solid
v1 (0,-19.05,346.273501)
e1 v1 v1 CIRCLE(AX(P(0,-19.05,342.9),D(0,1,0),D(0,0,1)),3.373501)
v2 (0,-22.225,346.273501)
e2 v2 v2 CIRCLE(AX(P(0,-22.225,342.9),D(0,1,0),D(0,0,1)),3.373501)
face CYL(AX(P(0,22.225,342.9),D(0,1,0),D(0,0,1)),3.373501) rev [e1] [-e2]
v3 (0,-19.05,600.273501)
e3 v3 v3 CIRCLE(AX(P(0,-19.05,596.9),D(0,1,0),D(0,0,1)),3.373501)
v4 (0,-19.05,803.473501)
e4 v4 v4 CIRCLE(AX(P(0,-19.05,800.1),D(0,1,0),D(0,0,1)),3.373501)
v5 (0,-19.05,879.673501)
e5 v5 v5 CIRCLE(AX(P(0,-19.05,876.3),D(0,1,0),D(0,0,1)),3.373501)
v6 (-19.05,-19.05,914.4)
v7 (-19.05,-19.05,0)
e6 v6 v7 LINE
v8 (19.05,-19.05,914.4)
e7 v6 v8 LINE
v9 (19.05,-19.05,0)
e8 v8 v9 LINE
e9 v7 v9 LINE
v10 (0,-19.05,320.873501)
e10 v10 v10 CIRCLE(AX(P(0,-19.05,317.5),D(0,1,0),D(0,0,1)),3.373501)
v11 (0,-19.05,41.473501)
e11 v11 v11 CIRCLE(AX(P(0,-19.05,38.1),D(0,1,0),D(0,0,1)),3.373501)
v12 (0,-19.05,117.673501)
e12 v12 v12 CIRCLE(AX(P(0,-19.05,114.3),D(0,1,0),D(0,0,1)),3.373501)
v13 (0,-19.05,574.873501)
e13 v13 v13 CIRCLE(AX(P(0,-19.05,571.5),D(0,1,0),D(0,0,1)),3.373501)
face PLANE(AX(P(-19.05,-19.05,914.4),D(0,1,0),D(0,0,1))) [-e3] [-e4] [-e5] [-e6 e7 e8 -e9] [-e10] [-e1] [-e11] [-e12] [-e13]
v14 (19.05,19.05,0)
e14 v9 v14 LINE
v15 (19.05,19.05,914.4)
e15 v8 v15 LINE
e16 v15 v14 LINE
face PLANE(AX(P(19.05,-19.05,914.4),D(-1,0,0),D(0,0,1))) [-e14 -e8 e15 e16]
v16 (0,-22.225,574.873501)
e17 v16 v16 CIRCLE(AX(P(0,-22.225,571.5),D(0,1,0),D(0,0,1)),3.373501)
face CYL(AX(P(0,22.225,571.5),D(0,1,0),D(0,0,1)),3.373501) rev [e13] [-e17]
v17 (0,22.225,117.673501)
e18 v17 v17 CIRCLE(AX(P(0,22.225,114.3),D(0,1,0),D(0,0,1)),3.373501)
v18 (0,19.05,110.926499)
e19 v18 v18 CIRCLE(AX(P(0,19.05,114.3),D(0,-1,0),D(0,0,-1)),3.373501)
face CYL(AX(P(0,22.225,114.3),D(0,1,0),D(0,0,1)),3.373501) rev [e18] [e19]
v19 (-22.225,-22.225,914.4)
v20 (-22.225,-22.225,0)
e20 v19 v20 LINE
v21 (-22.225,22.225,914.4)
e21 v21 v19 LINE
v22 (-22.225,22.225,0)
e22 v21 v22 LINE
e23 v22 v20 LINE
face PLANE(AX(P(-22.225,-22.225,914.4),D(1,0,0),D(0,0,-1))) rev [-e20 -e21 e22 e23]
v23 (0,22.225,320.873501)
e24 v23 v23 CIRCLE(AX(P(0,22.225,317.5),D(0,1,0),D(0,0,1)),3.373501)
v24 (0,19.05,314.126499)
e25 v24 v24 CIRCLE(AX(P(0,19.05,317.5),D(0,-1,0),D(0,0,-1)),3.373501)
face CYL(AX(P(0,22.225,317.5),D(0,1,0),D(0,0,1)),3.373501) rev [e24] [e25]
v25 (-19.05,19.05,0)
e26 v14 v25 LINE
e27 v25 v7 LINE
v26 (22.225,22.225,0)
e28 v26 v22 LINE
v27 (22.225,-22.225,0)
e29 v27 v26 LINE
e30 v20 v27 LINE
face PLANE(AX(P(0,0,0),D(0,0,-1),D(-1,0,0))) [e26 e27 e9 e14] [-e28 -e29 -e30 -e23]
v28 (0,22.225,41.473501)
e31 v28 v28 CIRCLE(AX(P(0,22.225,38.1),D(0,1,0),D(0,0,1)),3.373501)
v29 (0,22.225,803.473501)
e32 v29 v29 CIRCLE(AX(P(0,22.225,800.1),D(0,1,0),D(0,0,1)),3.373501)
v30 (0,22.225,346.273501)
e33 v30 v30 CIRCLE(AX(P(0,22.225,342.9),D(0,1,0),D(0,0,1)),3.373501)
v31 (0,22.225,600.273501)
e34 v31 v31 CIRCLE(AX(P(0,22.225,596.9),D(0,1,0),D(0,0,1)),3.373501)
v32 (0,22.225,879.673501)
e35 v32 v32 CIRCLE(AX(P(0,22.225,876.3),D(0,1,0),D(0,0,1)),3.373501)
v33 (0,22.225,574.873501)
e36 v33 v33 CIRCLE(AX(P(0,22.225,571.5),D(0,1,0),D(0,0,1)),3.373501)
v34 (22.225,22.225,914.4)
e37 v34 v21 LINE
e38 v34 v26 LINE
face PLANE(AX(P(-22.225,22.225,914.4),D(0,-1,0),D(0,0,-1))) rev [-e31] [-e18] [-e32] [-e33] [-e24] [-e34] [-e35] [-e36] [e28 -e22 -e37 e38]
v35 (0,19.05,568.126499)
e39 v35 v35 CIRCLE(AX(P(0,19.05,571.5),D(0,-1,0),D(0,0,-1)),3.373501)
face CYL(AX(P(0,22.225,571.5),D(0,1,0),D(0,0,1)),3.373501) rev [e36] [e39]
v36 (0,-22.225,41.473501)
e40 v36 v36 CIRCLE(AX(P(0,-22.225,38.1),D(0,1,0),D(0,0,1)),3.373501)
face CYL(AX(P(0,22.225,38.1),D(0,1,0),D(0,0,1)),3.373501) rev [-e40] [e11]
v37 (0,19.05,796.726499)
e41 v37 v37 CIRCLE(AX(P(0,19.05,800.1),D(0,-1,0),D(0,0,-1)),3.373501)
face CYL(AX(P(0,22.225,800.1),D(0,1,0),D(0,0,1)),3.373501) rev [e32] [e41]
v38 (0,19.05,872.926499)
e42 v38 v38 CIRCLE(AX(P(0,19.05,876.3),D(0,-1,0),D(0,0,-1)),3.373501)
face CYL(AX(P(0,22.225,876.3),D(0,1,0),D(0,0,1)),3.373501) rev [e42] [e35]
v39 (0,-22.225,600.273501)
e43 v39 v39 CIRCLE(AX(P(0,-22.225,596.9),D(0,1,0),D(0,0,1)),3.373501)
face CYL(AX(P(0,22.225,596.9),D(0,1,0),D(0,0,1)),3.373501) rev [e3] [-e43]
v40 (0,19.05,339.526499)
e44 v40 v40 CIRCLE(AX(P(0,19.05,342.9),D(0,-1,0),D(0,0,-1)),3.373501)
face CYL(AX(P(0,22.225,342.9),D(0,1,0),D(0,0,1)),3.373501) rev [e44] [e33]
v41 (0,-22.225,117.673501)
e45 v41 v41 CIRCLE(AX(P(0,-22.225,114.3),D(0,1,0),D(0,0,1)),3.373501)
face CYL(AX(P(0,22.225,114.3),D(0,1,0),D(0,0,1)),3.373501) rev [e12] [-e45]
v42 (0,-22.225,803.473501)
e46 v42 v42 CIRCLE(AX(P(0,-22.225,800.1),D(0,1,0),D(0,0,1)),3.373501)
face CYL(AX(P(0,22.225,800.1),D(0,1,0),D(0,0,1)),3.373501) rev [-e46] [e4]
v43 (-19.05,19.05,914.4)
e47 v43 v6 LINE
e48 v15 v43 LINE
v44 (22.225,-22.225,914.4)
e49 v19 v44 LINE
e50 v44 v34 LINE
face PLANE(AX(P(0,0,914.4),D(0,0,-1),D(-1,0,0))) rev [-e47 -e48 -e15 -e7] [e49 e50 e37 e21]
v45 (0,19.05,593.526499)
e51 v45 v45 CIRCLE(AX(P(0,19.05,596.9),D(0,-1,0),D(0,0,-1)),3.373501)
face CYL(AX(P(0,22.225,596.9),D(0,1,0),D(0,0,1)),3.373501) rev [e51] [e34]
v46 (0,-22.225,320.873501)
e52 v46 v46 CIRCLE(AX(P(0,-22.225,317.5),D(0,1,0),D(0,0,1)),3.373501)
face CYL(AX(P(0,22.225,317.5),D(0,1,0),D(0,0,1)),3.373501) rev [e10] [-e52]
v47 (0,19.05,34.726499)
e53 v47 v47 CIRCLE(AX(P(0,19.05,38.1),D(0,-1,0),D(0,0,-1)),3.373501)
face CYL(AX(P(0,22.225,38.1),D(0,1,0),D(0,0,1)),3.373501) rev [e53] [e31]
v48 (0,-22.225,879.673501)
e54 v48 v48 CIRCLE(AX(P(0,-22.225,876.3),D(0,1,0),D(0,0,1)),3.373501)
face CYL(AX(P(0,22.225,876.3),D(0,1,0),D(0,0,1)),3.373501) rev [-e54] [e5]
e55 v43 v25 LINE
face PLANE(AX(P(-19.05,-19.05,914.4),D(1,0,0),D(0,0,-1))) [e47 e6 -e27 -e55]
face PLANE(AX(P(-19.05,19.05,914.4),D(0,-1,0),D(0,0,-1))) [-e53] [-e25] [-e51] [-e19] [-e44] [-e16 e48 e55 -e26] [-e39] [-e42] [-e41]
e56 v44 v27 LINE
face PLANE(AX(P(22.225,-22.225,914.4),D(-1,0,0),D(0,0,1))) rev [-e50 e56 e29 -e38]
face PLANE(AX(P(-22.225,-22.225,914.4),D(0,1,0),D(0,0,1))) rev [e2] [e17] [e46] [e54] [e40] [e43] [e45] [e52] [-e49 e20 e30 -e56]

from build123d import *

# Parameters (mm, degrees)
SKETCH1_W                        = 44.45
SKETCH1_H                        = 44.45
SKETCH1_W_2                      = 38.1
SKETCH1_H_2                      = 38.1
BOSS_EXTRUDE1_DEPTH              = 914.4
F_17_64_0_26563_DIAMETER_HOLE1_D = 6.747002


with BuildPart() as part:
    # Sketch1 → Boss-Extrude1 (new body)
    with BuildSketch(Plane.XY):
        Rectangle(SKETCH1_W, SKETCH1_H)
        Rectangle(SKETCH1_W_2, SKETCH1_H_2, mode=Mode.SUBTRACT)
    extrude(amount=BOSS_EXTRUDE1_DEPTH)

    # 17/64 (0.26563) Diameter Hole1 (through all)
    with Locations(Plane(origin=(0, 22.225, 0), x_dir=(1, 0, 0), z_dir=(0, 1, 0))):
        with Locations((0, -38.1), (0, -876.3), (0, -317.5), (0, -596.9), (0, -114.3), (0, -342.9), (0, -571.5), (0, -800.1)):
            Hole(F_17_64_0_26563_DIAMETER_HOLE1_D / 2)


solid = part.part
